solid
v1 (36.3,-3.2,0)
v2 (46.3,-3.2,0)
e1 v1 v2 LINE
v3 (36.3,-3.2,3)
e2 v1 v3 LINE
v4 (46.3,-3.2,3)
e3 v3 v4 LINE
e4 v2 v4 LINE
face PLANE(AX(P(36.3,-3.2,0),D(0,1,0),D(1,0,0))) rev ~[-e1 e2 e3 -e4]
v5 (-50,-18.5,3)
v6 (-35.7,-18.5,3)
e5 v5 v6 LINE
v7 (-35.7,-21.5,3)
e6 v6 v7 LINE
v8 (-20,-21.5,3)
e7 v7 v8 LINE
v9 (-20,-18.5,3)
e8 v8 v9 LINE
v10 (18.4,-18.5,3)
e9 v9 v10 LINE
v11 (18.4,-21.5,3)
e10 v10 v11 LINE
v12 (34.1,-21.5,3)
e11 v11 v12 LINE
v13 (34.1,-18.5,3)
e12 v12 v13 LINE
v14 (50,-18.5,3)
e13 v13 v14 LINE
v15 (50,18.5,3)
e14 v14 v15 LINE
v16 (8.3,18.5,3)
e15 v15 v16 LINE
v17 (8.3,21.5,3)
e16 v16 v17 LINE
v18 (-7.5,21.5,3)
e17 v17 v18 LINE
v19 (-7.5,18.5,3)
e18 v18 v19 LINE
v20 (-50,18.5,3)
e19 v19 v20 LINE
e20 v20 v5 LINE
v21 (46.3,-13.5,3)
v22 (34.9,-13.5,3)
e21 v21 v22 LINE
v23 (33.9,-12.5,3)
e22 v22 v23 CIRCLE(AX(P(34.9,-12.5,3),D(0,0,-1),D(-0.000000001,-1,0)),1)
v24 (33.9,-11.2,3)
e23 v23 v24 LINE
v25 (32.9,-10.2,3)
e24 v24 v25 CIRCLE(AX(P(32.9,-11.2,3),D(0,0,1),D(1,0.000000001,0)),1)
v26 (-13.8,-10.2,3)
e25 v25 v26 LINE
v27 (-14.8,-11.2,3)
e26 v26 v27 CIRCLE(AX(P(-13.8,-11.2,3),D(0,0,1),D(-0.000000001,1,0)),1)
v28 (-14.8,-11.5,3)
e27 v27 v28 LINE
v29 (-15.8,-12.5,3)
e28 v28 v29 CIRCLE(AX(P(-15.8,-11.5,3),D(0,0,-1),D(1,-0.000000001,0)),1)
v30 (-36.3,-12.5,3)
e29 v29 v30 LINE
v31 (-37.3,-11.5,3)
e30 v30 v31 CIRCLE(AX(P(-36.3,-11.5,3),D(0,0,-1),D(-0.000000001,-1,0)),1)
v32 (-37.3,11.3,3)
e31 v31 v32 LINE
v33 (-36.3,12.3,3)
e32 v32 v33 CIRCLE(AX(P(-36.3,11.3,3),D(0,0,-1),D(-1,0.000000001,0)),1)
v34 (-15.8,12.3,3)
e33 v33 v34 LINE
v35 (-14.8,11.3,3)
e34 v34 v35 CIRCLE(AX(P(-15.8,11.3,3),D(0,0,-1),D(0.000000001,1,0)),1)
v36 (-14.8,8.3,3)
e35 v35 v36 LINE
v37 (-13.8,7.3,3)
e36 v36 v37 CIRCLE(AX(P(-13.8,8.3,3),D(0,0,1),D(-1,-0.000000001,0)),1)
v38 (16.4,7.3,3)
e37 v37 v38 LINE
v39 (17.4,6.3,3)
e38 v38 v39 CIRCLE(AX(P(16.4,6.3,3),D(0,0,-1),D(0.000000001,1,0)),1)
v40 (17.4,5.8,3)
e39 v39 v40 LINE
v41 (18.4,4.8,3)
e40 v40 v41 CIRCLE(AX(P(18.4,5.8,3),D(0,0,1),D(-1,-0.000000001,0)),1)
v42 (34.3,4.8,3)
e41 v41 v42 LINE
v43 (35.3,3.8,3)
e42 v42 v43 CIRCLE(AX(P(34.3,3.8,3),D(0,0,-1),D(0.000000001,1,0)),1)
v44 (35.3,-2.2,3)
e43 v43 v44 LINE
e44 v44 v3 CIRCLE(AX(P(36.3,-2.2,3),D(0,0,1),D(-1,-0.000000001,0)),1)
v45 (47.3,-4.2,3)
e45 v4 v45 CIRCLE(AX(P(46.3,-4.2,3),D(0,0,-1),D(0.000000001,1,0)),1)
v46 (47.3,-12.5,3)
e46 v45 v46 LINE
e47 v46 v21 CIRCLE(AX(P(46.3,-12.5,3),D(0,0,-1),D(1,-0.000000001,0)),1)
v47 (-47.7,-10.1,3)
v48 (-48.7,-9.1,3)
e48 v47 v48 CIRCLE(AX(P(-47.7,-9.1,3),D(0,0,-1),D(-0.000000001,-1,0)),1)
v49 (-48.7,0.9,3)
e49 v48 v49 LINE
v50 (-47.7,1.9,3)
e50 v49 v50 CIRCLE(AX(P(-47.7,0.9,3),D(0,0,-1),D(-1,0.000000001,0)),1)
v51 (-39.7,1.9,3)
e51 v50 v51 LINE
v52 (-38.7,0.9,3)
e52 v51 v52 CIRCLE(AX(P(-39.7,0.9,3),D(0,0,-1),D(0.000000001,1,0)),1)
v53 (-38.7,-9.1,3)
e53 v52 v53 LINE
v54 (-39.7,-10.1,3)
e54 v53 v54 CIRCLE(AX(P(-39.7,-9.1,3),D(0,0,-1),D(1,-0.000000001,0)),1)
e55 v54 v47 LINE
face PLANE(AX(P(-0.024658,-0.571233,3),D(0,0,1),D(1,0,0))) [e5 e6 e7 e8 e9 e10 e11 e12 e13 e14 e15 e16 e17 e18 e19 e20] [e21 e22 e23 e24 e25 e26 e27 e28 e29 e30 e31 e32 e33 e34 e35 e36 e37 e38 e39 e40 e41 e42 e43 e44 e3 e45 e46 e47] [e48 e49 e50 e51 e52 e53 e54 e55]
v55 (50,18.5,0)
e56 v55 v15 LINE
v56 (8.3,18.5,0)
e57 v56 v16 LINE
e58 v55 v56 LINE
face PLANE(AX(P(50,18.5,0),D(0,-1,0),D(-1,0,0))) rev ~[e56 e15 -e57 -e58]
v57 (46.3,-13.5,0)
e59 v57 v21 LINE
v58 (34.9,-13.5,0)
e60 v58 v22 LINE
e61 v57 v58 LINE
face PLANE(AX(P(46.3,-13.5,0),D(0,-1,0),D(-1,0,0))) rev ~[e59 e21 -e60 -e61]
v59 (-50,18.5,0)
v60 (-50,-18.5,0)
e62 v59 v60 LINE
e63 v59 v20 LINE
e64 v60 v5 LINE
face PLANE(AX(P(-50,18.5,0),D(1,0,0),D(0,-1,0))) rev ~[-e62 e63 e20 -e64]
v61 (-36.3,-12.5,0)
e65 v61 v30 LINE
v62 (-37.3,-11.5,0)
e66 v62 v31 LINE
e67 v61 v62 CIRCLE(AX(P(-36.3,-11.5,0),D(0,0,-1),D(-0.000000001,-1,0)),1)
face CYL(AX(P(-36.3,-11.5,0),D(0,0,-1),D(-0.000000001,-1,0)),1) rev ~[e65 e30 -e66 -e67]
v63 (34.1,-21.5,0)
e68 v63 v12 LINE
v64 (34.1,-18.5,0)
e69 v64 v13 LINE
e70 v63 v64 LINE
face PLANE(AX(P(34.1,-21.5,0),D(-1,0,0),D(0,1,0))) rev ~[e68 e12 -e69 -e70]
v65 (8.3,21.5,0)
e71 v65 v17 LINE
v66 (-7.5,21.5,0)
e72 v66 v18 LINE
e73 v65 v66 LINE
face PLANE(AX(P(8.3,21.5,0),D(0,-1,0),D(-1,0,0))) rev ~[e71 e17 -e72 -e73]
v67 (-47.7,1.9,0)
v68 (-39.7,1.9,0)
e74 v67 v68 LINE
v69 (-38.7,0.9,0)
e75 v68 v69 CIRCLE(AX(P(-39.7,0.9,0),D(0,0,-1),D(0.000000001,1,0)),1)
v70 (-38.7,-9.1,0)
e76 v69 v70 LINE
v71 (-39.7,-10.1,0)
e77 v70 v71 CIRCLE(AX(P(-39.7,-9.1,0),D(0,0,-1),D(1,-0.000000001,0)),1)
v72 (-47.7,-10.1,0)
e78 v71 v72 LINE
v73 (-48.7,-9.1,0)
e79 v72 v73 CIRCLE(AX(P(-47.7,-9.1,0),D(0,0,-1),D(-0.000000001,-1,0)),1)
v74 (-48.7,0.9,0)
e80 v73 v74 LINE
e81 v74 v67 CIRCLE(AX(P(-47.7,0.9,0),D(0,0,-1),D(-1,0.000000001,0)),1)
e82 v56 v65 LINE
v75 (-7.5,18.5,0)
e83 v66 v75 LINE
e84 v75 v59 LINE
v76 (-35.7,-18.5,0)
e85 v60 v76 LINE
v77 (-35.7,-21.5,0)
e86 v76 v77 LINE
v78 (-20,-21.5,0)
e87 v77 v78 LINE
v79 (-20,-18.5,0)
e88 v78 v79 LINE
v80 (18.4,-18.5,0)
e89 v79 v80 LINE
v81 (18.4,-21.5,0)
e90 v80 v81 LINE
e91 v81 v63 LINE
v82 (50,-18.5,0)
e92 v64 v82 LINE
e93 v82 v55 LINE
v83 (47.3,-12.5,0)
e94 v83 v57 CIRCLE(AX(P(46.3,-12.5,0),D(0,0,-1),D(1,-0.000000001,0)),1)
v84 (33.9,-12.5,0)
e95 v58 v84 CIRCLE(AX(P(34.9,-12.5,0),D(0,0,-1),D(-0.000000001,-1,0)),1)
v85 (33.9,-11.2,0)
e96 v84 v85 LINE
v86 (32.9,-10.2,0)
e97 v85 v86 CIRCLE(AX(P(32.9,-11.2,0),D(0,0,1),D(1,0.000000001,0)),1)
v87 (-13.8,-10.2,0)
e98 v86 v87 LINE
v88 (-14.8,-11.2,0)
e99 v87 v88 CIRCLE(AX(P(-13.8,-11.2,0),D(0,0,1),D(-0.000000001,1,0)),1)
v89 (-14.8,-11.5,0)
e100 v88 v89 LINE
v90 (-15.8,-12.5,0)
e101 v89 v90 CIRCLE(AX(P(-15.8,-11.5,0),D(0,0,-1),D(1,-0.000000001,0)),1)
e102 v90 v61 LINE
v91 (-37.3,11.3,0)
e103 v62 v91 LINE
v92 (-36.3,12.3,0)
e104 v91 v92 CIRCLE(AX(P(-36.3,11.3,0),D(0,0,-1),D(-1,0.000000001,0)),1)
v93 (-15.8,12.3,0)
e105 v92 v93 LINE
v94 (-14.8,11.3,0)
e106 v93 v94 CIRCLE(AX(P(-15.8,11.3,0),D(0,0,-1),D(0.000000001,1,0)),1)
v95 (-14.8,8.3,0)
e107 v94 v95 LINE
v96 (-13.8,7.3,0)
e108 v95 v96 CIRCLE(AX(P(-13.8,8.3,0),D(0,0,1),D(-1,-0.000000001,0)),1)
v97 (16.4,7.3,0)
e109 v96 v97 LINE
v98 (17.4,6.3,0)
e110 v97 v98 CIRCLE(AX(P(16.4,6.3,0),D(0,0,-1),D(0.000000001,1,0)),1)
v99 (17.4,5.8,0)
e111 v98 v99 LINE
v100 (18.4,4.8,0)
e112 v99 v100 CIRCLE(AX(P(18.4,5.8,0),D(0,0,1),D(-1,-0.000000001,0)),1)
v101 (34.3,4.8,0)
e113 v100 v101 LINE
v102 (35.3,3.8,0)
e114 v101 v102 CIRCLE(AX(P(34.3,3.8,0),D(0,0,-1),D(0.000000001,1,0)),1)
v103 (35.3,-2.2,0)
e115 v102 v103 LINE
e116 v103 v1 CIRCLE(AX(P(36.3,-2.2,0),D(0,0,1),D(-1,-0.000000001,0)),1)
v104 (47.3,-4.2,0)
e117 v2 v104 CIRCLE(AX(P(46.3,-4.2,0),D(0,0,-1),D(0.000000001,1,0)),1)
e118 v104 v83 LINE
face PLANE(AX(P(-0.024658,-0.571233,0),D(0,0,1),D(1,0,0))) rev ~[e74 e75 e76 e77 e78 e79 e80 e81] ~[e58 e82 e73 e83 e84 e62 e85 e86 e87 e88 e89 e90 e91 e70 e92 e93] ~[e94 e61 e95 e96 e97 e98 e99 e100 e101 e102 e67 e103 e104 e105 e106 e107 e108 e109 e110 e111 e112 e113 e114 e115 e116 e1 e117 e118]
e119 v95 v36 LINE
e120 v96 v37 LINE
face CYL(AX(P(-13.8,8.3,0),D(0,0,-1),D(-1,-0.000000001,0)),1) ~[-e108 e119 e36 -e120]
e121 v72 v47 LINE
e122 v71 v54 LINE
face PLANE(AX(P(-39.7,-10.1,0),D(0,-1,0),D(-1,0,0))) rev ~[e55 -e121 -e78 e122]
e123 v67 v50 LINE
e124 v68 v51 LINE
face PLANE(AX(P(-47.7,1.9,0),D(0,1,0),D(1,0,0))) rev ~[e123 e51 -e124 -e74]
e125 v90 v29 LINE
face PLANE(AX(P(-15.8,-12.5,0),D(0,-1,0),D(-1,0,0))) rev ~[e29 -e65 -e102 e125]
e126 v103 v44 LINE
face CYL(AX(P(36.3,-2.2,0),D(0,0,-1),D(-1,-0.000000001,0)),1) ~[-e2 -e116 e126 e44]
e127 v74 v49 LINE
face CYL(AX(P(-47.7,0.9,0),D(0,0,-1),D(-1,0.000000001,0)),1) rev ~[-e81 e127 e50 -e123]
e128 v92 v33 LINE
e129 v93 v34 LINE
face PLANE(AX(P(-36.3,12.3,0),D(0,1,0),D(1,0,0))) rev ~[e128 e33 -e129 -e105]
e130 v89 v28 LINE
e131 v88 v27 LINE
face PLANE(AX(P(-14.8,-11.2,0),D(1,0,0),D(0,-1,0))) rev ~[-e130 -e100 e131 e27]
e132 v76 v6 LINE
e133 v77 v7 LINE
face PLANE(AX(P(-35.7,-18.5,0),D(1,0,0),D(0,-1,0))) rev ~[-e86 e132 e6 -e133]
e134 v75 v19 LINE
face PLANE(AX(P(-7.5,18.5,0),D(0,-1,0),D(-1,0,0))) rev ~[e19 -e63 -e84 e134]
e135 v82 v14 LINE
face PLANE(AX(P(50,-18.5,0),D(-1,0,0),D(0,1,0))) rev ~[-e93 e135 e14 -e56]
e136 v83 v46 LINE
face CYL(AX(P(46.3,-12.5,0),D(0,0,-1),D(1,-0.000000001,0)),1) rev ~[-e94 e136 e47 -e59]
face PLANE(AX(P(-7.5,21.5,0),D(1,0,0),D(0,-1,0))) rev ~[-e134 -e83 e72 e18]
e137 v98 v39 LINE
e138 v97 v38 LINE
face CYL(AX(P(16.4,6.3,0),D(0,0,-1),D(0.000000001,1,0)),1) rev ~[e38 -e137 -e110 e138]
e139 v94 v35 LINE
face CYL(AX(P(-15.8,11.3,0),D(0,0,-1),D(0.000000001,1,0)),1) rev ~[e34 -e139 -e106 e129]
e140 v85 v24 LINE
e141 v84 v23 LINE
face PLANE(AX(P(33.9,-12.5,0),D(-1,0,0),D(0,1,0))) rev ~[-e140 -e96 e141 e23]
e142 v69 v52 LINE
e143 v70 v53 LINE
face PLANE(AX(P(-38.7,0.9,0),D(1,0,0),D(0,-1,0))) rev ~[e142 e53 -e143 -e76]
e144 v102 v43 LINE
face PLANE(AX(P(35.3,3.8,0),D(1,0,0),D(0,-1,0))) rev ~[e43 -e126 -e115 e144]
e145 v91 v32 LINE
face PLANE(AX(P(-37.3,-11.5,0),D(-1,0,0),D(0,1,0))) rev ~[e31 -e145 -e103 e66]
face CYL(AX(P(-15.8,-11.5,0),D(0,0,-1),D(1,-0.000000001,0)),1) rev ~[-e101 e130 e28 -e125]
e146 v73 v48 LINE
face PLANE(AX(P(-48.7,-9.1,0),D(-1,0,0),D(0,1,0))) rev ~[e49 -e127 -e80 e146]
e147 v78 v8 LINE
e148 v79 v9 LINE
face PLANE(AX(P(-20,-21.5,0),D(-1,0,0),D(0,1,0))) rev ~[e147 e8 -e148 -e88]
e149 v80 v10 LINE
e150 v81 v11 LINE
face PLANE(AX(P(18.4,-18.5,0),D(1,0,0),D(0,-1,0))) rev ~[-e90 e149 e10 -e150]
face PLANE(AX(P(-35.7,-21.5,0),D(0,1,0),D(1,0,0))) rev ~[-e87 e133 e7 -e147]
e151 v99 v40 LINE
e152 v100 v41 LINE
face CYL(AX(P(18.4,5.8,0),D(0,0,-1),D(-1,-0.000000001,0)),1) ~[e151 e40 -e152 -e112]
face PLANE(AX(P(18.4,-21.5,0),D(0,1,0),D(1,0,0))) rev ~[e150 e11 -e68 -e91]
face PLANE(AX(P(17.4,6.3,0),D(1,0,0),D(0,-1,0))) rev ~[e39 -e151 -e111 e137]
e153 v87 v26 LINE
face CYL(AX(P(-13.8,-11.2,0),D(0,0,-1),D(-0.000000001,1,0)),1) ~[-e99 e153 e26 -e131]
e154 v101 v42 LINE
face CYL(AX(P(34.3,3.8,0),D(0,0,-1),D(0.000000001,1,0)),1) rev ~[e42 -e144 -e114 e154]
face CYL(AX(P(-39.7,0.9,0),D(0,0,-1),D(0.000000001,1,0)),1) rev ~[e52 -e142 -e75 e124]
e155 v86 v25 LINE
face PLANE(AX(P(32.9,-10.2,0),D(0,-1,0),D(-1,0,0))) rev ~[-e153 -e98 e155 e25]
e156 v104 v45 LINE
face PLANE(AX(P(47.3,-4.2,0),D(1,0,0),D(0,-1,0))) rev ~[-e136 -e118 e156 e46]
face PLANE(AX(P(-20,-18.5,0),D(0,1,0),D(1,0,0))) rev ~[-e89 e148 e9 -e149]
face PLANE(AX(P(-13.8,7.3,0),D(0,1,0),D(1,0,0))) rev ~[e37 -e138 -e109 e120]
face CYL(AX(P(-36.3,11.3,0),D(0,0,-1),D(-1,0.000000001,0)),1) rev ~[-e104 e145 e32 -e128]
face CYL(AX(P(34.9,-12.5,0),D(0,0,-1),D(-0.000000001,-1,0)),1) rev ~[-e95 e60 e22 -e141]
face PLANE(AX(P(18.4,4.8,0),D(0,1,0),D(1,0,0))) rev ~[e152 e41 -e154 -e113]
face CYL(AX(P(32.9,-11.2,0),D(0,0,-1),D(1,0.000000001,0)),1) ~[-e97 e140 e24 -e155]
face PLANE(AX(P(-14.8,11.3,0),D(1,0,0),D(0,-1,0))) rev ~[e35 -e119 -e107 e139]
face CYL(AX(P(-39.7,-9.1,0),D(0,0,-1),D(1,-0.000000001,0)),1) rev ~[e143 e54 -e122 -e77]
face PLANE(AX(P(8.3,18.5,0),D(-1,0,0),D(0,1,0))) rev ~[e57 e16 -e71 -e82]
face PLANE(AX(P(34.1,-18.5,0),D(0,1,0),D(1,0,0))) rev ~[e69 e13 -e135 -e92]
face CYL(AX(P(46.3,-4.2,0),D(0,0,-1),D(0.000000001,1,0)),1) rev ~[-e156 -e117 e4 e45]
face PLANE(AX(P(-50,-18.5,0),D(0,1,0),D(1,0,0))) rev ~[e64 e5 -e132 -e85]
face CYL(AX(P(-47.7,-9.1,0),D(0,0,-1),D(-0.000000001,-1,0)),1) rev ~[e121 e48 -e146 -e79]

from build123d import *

# Parameters (mm, degrees)
SALIENTE_EXTRUIR1_DEPTH = 3


with BuildPart() as part:
    # Croquis1 → Saliente-Extruir1 (new body)
    with BuildSketch(Plane.XY):
        Polygon((8.3, 21.5), (-7.5, 21.5), (-7.5, 18.5), (-50, 18.5), (-50, -18.5), (-35.7, -18.5), (-35.7, -21.5), (-20, -21.5), (-20, -18.5), (18.4, -18.5), (18.4, -21.5), (34.1, -21.5), (34.1, -18.5), (50, -18.5), (50, 18.5), (8.3, 18.5), align=None)
        with BuildLine():
            ThreePointArc((-48.7, 0.9), (-48.407106781, 1.607106781), (-47.7, 1.9))
            Line((-47.7, 1.9), (-39.7, 1.9))
            ThreePointArc((-39.7, 1.9), (-38.992893219, 1.607106781), (-38.7, 0.9))
            Line((-38.7, 0.9), (-38.7, -9.1))
            ThreePointArc((-38.7, -9.1), (-38.992893219, -9.807106781), (-39.7, -10.1))
            Line((-39.7, -10.1), (-47.7, -10.1))
            ThreePointArc((-47.7, -10.1), (-48.407106781, -9.807106781), (-48.7, -9.1))
            Line((-48.7, -9.1), (-48.7, 0.9))
        make_face(mode=Mode.SUBTRACT)
        with BuildLine():
            ThreePointArc((-13.8, -10.2), (-14.507106781, -10.492893219), (-14.8, -11.2))
            Line((-14.8, -11.2), (-14.8, -11.5))
            ThreePointArc((-14.8, -11.5), (-15.092893219, -12.207106781), (-15.8, -12.5))
            Line((-15.8, -12.5), (-36.3, -12.5))
            ThreePointArc((-36.3, -12.5), (-37.007106781, -12.207106781), (-37.3, -11.5))
            Line((-37.3, -11.5), (-37.3, 11.3))
            ThreePointArc((-37.3, 11.3), (-37.007106781, 12.007106781), (-36.3, 12.3))
            Line((-36.3, 12.3), (-15.8, 12.3))
            ThreePointArc((-15.8, 12.3), (-15.092893219, 12.007106781), (-14.8, 11.3))
            Line((-14.8, 11.3), (-14.8, 8.3))
            ThreePointArc((-14.8, 8.3), (-14.507106781, 7.592893219), (-13.8, 7.3))
            Line((-13.8, 7.3), (16.4, 7.3))
            ThreePointArc((16.4, 7.3), (17.107106781, 7.007106781), (17.4, 6.3))
            Line((17.4, 6.3), (17.4, 5.8))
            ThreePointArc((17.4, 5.8), (17.692893219, 5.092893219), (18.4, 4.8))
            Line((18.4, 4.8), (34.3, 4.8))
            ThreePointArc((34.3, 4.8), (35.007106781, 4.507106781), (35.3, 3.8))
            Line((35.3, 3.8), (35.3, -2.2))
            ThreePointArc((35.3, -2.2), (35.592893219, -2.907106781), (36.3, -3.2))
            Line((36.3, -3.2), (46.3, -3.2))
            ThreePointArc((46.3, -3.2), (47.007106781, -3.492893219), (47.3, -4.2))
            Line((47.3, -4.2), (47.3, -12.5))
            ThreePointArc((47.3, -12.5), (47.007106781, -13.207106781), (46.3, -13.5))
            Line((46.3, -13.5), (34.9, -13.5))
            ThreePointArc((34.9, -13.5), (34.192893219, -13.207106781), (33.9, -12.5))
            Line((33.9, -12.5), (33.9, -11.2))
            ThreePointArc((33.9, -11.2), (33.607106781, -10.492893219), (32.9, -10.2))
            Line((32.9, -10.2), (17.4, -10.2))
            Line((17.4, -10.2), (-13.8, -10.2))
        make_face(mode=Mode.SUBTRACT)
    extrude(amount=SALIENTE_EXTRUIR1_DEPTH)


solid = part.part
